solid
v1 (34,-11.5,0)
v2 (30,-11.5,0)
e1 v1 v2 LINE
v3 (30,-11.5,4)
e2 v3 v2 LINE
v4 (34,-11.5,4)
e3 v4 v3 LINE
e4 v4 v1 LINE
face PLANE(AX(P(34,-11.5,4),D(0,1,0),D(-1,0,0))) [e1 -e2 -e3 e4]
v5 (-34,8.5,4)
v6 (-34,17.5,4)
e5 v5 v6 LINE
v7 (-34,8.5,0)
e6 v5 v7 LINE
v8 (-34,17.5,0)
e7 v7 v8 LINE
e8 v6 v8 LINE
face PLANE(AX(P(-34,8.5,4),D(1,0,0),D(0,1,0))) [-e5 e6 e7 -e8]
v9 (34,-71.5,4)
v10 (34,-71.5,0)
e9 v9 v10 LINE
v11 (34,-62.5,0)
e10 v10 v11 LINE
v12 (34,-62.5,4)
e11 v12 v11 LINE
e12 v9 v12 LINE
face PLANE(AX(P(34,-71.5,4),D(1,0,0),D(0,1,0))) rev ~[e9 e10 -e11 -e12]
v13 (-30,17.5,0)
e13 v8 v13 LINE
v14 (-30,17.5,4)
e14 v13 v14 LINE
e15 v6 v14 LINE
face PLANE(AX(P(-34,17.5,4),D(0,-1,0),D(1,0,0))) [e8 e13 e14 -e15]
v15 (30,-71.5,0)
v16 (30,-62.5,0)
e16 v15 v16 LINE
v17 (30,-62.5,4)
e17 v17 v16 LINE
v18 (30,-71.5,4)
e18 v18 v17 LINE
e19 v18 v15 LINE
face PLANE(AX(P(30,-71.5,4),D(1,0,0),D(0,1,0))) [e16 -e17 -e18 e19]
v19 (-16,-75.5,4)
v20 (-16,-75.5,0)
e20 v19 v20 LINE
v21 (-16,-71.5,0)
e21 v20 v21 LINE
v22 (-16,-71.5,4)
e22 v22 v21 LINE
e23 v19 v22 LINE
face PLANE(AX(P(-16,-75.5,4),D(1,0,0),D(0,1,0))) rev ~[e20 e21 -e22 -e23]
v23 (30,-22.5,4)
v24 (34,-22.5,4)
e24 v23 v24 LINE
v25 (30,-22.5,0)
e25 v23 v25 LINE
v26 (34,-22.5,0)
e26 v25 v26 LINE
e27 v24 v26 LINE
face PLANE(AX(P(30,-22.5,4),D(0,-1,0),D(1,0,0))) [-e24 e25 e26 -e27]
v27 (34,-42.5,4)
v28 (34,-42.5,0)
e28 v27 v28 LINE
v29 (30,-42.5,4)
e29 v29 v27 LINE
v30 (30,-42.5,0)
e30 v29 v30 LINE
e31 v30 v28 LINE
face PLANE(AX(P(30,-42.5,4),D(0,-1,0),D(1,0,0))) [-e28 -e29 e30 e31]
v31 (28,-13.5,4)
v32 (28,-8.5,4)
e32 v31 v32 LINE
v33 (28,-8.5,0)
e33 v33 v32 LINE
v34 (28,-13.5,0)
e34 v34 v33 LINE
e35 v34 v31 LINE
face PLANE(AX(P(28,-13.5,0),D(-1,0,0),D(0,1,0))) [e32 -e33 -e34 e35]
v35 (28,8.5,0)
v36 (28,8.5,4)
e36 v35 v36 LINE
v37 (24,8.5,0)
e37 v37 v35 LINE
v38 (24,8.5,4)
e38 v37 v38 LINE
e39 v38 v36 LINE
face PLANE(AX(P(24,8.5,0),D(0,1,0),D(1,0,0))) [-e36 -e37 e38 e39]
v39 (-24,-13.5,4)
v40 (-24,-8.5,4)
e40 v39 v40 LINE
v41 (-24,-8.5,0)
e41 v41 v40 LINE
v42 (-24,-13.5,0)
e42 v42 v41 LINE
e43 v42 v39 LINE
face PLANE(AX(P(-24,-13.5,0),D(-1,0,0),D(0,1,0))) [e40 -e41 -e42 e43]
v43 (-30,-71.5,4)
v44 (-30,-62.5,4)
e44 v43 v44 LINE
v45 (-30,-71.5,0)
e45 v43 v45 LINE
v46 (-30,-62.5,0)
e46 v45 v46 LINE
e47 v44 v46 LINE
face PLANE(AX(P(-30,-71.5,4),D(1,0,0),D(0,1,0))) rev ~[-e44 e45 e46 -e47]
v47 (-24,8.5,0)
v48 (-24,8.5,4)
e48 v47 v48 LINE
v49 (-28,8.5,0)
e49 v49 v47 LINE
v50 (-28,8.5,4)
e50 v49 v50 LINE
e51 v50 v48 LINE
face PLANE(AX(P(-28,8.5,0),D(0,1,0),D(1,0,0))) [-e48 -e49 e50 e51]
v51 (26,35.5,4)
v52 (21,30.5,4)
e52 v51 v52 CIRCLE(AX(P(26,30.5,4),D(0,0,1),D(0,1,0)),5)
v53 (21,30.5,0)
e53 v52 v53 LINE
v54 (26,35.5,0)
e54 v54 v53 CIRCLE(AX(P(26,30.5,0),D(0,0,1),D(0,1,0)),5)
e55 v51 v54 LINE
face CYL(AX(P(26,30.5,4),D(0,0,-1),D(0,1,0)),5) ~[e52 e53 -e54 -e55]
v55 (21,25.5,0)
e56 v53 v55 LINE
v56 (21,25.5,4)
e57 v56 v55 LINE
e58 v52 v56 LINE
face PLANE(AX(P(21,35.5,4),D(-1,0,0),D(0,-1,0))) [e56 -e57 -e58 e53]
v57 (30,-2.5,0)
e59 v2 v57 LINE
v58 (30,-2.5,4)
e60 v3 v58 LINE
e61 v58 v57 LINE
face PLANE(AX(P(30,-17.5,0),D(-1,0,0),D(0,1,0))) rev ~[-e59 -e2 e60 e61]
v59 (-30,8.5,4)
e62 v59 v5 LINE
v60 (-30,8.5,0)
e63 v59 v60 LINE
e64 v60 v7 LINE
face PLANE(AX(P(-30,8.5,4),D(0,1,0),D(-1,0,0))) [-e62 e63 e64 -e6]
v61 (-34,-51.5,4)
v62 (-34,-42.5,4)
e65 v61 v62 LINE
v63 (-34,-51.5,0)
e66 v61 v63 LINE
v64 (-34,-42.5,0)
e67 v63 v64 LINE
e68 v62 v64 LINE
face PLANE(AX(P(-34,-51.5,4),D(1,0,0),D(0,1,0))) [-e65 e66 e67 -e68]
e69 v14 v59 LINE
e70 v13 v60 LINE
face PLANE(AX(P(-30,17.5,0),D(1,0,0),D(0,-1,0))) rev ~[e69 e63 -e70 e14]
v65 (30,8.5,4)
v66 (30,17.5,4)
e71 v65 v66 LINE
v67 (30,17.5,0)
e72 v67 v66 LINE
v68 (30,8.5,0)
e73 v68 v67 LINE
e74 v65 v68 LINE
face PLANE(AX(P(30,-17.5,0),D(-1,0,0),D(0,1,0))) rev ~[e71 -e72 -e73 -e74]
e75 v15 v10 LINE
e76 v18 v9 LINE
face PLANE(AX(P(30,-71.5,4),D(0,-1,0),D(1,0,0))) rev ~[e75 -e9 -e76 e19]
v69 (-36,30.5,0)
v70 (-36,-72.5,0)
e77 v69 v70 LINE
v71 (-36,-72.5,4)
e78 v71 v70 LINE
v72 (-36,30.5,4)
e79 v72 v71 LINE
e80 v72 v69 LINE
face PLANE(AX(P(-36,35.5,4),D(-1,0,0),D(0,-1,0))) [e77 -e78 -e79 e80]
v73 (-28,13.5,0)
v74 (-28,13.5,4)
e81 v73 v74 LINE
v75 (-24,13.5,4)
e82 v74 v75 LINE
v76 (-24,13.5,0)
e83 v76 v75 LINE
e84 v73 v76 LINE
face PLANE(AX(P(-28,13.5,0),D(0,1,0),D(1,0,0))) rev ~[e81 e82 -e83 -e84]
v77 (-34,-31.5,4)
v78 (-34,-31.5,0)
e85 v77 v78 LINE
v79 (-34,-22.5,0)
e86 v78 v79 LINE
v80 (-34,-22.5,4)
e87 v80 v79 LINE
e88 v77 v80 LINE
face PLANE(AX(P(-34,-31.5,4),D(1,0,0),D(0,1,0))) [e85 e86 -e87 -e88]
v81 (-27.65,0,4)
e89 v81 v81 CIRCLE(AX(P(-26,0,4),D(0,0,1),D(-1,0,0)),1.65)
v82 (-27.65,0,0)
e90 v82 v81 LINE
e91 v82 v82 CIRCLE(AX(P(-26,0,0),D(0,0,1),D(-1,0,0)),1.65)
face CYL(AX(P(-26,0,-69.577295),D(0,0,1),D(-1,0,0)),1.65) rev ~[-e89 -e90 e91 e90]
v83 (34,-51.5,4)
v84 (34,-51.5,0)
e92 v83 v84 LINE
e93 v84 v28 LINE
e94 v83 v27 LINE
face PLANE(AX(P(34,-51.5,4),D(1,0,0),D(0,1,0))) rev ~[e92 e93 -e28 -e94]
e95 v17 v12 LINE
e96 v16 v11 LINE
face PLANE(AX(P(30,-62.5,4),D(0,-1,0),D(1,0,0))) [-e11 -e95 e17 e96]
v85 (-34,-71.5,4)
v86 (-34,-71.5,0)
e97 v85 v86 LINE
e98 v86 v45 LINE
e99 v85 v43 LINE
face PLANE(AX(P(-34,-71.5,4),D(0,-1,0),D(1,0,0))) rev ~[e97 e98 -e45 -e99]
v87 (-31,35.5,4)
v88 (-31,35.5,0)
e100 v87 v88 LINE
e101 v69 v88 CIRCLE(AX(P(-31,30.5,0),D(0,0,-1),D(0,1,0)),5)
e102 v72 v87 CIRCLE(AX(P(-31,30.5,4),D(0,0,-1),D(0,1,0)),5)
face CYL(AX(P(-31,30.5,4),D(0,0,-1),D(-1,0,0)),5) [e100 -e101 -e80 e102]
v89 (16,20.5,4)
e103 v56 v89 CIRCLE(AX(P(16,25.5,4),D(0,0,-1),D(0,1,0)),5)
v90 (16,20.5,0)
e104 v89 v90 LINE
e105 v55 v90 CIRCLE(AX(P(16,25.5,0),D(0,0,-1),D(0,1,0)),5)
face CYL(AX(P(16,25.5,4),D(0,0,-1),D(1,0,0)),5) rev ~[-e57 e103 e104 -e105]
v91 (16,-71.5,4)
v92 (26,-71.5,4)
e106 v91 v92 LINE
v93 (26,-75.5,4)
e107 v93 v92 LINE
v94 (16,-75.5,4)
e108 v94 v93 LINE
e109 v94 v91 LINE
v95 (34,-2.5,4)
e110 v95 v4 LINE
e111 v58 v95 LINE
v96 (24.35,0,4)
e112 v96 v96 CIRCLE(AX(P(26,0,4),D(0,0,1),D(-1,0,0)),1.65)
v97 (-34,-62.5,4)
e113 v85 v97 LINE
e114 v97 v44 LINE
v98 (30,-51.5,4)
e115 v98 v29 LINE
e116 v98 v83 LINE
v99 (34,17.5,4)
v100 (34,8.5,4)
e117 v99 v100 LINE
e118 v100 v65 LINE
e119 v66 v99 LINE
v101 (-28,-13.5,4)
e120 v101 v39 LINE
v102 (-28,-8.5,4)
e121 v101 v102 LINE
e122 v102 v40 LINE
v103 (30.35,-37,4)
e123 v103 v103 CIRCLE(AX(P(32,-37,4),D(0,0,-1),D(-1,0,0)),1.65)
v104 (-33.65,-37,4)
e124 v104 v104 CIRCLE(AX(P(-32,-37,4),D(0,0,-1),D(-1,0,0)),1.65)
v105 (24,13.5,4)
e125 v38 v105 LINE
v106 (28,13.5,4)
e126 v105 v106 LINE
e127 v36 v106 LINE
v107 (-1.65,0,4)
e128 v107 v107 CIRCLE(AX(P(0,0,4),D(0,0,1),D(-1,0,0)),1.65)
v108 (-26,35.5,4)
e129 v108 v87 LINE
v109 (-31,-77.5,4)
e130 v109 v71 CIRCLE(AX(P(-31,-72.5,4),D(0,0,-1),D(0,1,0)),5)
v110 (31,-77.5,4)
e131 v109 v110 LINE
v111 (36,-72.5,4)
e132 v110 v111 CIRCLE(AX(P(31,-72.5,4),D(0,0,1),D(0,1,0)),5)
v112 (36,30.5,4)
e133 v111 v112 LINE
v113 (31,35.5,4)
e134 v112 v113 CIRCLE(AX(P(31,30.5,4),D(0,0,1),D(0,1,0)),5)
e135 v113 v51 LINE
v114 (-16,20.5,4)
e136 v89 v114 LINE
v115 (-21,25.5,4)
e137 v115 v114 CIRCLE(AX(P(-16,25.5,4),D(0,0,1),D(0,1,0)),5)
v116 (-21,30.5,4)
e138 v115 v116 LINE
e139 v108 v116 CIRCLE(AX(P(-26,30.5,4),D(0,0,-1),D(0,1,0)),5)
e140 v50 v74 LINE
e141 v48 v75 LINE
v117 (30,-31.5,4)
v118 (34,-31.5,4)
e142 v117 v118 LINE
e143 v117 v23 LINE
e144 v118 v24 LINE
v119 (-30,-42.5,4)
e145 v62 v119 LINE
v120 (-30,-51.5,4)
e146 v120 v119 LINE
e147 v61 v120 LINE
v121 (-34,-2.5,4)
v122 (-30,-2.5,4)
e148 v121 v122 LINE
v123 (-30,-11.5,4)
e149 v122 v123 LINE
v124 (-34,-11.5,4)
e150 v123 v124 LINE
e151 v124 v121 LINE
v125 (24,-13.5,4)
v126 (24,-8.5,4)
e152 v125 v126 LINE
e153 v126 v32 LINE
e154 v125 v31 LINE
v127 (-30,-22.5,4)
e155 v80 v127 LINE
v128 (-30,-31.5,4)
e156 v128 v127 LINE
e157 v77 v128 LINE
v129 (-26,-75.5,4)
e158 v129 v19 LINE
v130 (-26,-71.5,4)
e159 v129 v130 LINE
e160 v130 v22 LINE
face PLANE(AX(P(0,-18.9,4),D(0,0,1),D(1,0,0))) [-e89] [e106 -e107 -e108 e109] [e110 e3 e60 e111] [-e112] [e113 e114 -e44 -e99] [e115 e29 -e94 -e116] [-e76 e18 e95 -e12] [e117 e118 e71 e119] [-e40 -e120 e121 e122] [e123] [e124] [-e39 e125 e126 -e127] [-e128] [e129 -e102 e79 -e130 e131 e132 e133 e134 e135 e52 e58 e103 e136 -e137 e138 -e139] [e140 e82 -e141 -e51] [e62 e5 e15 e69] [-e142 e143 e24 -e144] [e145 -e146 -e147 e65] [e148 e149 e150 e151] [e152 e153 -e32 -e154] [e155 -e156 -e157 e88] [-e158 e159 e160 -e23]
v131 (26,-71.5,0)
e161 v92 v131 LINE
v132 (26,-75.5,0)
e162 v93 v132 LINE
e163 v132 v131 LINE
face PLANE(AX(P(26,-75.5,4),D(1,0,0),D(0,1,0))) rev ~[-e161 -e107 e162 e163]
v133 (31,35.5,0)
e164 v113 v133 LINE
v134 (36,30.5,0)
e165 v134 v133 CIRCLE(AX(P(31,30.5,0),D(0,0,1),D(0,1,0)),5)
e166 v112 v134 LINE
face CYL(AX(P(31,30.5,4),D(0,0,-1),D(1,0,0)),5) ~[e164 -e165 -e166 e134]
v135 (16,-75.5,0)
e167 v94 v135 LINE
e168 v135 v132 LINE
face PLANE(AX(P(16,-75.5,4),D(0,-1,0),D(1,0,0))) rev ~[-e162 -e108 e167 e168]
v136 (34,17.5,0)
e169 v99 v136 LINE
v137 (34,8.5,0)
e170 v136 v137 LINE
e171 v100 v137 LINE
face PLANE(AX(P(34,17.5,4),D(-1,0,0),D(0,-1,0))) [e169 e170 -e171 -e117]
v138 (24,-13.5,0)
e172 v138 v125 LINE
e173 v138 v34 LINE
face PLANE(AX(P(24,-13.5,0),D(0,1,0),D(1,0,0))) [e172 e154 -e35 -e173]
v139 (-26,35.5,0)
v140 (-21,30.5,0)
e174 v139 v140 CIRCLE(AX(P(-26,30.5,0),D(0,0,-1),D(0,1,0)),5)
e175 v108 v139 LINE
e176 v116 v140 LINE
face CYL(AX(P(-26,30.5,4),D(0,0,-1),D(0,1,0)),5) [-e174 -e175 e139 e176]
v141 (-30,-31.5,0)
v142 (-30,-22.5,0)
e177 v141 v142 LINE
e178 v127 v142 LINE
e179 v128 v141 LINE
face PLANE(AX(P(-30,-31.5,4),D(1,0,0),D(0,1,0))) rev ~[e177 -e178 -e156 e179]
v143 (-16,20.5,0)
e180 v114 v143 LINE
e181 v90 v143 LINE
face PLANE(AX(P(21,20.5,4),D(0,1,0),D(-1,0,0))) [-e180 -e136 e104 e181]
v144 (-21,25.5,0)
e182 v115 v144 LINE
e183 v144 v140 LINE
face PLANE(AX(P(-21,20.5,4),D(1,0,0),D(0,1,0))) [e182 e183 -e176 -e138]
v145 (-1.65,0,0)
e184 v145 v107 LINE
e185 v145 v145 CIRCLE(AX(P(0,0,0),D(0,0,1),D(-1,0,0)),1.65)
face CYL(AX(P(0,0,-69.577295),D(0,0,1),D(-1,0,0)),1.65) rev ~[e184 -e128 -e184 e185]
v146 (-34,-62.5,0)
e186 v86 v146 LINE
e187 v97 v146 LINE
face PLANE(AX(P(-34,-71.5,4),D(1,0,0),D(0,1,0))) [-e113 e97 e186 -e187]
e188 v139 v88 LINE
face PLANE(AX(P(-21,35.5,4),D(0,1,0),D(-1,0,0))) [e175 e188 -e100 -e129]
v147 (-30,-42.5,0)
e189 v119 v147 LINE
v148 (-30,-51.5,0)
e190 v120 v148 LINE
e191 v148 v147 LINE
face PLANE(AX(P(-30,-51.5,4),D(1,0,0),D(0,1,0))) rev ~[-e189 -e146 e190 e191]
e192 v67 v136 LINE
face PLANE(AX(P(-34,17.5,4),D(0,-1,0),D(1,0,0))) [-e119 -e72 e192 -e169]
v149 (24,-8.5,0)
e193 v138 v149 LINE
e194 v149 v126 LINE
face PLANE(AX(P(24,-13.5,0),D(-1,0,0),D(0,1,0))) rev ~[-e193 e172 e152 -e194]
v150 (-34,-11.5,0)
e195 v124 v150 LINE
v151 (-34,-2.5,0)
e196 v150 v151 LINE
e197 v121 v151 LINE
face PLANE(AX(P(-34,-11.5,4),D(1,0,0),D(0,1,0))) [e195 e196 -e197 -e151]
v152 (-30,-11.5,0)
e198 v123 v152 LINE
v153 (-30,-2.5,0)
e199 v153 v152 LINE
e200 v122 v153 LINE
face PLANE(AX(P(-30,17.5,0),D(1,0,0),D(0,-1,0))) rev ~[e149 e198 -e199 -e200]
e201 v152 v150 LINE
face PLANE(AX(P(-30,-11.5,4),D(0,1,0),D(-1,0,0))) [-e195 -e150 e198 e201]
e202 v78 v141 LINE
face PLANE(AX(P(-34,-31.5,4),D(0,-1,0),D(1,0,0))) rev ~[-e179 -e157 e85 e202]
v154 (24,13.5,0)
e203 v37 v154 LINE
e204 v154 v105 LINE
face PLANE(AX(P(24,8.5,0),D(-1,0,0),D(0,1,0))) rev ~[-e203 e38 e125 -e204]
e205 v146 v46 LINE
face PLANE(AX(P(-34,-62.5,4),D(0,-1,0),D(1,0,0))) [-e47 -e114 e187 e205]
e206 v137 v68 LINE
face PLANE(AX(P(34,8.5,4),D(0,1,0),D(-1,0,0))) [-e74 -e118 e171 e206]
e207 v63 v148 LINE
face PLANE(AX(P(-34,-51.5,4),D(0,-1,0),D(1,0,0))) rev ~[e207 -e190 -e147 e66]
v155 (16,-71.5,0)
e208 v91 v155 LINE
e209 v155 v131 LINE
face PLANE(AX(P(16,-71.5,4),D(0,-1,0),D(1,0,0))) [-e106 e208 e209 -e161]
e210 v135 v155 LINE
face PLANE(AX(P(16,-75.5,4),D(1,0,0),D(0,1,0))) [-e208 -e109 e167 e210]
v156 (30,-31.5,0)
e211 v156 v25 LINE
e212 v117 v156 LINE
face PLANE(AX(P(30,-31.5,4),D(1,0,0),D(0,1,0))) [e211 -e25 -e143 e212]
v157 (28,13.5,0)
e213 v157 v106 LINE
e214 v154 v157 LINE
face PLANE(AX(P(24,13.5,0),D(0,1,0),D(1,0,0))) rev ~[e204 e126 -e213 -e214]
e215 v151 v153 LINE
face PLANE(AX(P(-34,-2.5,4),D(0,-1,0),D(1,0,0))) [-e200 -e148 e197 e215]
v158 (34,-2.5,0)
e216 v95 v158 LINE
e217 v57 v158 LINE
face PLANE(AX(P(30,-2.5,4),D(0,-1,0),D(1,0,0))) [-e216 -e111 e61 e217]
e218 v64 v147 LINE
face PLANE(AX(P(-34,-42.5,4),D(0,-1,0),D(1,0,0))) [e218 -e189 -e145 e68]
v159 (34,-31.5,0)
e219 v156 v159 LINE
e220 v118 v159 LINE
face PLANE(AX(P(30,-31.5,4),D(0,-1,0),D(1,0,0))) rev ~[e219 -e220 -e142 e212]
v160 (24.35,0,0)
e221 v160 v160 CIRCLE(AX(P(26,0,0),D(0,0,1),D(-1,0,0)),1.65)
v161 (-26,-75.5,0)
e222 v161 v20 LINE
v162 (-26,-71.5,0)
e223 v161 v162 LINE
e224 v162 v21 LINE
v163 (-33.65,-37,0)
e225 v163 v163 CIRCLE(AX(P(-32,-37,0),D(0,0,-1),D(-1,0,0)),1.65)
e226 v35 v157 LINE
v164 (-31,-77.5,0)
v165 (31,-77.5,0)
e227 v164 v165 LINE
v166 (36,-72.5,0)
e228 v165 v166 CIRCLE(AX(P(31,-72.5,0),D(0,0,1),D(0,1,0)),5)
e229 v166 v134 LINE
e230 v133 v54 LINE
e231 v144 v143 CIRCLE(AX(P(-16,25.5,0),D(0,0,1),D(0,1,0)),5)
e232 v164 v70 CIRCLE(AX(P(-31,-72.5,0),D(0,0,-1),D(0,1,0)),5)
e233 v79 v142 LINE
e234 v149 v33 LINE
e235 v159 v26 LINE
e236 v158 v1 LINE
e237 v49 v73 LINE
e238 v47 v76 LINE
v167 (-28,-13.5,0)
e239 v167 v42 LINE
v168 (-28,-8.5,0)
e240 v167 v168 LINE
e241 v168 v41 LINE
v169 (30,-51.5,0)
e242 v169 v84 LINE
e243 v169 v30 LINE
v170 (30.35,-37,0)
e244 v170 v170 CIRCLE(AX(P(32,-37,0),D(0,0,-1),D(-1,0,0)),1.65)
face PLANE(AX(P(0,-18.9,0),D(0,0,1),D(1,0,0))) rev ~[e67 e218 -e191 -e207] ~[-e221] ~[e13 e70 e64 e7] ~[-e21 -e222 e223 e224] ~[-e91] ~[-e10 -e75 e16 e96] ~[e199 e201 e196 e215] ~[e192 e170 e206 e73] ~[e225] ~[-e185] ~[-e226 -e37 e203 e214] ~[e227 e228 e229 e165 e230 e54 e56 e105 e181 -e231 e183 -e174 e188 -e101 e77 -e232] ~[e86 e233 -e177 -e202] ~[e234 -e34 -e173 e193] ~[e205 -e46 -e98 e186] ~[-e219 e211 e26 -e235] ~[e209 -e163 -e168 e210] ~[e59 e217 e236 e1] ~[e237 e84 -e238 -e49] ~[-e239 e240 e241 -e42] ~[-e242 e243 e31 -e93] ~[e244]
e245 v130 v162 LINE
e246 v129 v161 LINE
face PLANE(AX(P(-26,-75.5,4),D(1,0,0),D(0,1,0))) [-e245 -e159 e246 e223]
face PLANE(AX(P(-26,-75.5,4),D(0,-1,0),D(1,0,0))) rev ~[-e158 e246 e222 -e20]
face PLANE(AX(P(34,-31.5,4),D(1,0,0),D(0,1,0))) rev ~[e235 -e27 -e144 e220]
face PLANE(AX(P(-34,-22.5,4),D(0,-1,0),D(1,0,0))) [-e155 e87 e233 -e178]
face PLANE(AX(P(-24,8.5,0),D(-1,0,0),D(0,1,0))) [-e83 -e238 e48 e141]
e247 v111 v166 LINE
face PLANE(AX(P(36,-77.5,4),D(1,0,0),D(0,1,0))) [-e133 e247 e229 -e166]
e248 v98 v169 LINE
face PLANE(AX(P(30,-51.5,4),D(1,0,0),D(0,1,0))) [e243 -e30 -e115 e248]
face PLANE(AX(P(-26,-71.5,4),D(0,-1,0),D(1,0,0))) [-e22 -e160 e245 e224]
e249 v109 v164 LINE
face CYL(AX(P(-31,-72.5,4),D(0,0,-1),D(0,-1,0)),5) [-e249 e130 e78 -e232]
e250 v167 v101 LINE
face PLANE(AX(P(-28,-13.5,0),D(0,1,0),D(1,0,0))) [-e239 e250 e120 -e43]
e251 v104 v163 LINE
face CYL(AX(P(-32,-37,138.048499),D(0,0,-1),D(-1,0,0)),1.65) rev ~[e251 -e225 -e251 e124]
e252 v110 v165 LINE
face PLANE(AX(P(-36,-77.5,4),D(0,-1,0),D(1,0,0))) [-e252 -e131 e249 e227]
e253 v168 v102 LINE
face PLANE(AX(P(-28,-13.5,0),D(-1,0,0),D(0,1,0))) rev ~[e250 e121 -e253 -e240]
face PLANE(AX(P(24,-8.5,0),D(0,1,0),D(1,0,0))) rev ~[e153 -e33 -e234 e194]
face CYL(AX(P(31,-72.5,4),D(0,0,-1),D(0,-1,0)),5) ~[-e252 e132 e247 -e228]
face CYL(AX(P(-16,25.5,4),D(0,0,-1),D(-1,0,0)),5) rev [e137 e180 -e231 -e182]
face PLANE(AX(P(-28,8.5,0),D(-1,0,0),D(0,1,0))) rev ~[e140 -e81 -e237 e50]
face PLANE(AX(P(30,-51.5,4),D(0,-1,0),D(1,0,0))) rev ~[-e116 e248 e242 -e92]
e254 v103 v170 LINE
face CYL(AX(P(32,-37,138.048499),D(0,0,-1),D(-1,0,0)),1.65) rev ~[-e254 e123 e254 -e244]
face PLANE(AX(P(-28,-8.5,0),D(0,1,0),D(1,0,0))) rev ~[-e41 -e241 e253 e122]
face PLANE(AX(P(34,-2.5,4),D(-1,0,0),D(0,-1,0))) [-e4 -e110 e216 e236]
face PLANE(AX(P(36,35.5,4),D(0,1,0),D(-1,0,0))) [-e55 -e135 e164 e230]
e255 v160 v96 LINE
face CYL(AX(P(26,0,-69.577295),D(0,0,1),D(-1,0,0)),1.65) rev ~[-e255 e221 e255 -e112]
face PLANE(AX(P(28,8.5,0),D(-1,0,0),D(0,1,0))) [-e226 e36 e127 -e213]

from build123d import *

# Parameters (mm, degrees)
F0_W     = 4
F0_H     = 5
F1_DEPTH = 4
F2_D     = 3.3
F3_D     = 3.3
F4_W     = 4
F4_H     = 9
F4_W_2   = 10
F4_H_2   = 4
F5_DEPTH = 4
F6_D     = 3.3
F7_R     = 5


with BuildPart() as f1:
    # F0 (on Top) → F1 (new body)
    with BuildSketch(Plane.XY):
        Polygon((18.9080892972, -17.5), (30, -17.5), (30, 17.5), (-30, 17.5), (-30, -17.5), (-18.9080892972, -17.5), (-6.0919107028, -17.5), (6.0919107028, -17.5), align=None)
        with Locations((-26, -11)):
            Rectangle(F0_W, F0_H, mode=Mode.SUBTRACT)
        with Locations((26, -11)):
            Rectangle(F0_W, F0_H, mode=Mode.SUBTRACT)
        with Locations((-26, 11)):
            Rectangle(F0_W, F0_H, mode=Mode.SUBTRACT)
        with Locations((26, 11)):
            Rectangle(F0_W, F0_H, mode=Mode.SUBTRACT)
    extrude(amount=F1_DEPTH)

    # F2 (through all)
    with Locations(Plane(origin=(0, 0, 0), x_dir=(1, 0, 0), z_dir=(0, 0, -1))):
        with Locations((-26, 0), (26, 0)):
            Hole(F2_D / 2)

    # F3 (through all)
    with Locations(Plane(origin=(0, 0, 0), x_dir=(1, 0, 0), z_dir=(0, 0, -1))):
        with Locations((0, 0)):
            Hole(F3_D / 2)

    # F4 (on face) → F5 (join)
    with BuildSketch(Plane.XY.offset(4)):
        Polygon((-36, -77.5), (36, -77.5), (36, 17.5), (36, 35.5), (21, 35.5), (21, 20.5), (0, 20.5), (-21, 20.5), (-21, 35.5), (-36, 35.5), (-36, 17.5), align=None)
        with Locations((-32, -67)):
            Rectangle(F4_W, F4_H, mode=Mode.SUBTRACT)
        with Locations((-21, -73.5)):
            Rectangle(F4_W_2, F4_H_2, mode=Mode.SUBTRACT)
        with Locations((-32, -47)):
            Rectangle(F4_W, F4_H, mode=Mode.SUBTRACT)
        with Locations((-32, -27)):
            Rectangle(F4_W, F4_H, mode=Mode.SUBTRACT)
        with Locations((21, -73.5)):
            Rectangle(F4_W_2, F4_H_2, mode=Mode.SUBTRACT)
        with Locations((32, -67)):
            Rectangle(F4_W, F4_H, mode=Mode.SUBTRACT)
        with Locations((32, -47)):
            Rectangle(F4_W, F4_H, mode=Mode.SUBTRACT)
        with Locations((32, -27)):
            Rectangle(F4_W, F4_H, mode=Mode.SUBTRACT)
        Polygon((-34, 17.5), (-30, 17.5), (30, 17.5), (34, 17.5), (34, 8.5), (30, 8.5), (30, -2.5), (34, -2.5), (34, -11.5), (30, -11.5), (30, -17.5), (-30, -17.5), (-30, -11.5), (-34, -11.5), (-34, -2.5), (-30, -2.5), (-30, 8.5), (-34, 8.5), align=None, mode=Mode.SUBTRACT)
    extrude(amount=-F5_DEPTH)

    # F6 (through all)
    with Locations(Plane.XY.offset(4)):
        with Locations((-32, -37), (32, -37)):
            Hole(F6_D / 2)

    # F7
    f7_edges = [f1.edges().sort_by_distance(p)[0] for p in [
        (-36, -77.5, 2),
        (36, -77.5, 2),
        (-21, 20.5, 2),
        (-21, 35.5, 2),
        (-36, 35.5, 2),
        (21, 35.5, 2),
        (21, 20.5, 2),
        (36, 35.5, 2),
    ]]
    fillet(f7_edges, radius=F7_R)


solid = f1.part
